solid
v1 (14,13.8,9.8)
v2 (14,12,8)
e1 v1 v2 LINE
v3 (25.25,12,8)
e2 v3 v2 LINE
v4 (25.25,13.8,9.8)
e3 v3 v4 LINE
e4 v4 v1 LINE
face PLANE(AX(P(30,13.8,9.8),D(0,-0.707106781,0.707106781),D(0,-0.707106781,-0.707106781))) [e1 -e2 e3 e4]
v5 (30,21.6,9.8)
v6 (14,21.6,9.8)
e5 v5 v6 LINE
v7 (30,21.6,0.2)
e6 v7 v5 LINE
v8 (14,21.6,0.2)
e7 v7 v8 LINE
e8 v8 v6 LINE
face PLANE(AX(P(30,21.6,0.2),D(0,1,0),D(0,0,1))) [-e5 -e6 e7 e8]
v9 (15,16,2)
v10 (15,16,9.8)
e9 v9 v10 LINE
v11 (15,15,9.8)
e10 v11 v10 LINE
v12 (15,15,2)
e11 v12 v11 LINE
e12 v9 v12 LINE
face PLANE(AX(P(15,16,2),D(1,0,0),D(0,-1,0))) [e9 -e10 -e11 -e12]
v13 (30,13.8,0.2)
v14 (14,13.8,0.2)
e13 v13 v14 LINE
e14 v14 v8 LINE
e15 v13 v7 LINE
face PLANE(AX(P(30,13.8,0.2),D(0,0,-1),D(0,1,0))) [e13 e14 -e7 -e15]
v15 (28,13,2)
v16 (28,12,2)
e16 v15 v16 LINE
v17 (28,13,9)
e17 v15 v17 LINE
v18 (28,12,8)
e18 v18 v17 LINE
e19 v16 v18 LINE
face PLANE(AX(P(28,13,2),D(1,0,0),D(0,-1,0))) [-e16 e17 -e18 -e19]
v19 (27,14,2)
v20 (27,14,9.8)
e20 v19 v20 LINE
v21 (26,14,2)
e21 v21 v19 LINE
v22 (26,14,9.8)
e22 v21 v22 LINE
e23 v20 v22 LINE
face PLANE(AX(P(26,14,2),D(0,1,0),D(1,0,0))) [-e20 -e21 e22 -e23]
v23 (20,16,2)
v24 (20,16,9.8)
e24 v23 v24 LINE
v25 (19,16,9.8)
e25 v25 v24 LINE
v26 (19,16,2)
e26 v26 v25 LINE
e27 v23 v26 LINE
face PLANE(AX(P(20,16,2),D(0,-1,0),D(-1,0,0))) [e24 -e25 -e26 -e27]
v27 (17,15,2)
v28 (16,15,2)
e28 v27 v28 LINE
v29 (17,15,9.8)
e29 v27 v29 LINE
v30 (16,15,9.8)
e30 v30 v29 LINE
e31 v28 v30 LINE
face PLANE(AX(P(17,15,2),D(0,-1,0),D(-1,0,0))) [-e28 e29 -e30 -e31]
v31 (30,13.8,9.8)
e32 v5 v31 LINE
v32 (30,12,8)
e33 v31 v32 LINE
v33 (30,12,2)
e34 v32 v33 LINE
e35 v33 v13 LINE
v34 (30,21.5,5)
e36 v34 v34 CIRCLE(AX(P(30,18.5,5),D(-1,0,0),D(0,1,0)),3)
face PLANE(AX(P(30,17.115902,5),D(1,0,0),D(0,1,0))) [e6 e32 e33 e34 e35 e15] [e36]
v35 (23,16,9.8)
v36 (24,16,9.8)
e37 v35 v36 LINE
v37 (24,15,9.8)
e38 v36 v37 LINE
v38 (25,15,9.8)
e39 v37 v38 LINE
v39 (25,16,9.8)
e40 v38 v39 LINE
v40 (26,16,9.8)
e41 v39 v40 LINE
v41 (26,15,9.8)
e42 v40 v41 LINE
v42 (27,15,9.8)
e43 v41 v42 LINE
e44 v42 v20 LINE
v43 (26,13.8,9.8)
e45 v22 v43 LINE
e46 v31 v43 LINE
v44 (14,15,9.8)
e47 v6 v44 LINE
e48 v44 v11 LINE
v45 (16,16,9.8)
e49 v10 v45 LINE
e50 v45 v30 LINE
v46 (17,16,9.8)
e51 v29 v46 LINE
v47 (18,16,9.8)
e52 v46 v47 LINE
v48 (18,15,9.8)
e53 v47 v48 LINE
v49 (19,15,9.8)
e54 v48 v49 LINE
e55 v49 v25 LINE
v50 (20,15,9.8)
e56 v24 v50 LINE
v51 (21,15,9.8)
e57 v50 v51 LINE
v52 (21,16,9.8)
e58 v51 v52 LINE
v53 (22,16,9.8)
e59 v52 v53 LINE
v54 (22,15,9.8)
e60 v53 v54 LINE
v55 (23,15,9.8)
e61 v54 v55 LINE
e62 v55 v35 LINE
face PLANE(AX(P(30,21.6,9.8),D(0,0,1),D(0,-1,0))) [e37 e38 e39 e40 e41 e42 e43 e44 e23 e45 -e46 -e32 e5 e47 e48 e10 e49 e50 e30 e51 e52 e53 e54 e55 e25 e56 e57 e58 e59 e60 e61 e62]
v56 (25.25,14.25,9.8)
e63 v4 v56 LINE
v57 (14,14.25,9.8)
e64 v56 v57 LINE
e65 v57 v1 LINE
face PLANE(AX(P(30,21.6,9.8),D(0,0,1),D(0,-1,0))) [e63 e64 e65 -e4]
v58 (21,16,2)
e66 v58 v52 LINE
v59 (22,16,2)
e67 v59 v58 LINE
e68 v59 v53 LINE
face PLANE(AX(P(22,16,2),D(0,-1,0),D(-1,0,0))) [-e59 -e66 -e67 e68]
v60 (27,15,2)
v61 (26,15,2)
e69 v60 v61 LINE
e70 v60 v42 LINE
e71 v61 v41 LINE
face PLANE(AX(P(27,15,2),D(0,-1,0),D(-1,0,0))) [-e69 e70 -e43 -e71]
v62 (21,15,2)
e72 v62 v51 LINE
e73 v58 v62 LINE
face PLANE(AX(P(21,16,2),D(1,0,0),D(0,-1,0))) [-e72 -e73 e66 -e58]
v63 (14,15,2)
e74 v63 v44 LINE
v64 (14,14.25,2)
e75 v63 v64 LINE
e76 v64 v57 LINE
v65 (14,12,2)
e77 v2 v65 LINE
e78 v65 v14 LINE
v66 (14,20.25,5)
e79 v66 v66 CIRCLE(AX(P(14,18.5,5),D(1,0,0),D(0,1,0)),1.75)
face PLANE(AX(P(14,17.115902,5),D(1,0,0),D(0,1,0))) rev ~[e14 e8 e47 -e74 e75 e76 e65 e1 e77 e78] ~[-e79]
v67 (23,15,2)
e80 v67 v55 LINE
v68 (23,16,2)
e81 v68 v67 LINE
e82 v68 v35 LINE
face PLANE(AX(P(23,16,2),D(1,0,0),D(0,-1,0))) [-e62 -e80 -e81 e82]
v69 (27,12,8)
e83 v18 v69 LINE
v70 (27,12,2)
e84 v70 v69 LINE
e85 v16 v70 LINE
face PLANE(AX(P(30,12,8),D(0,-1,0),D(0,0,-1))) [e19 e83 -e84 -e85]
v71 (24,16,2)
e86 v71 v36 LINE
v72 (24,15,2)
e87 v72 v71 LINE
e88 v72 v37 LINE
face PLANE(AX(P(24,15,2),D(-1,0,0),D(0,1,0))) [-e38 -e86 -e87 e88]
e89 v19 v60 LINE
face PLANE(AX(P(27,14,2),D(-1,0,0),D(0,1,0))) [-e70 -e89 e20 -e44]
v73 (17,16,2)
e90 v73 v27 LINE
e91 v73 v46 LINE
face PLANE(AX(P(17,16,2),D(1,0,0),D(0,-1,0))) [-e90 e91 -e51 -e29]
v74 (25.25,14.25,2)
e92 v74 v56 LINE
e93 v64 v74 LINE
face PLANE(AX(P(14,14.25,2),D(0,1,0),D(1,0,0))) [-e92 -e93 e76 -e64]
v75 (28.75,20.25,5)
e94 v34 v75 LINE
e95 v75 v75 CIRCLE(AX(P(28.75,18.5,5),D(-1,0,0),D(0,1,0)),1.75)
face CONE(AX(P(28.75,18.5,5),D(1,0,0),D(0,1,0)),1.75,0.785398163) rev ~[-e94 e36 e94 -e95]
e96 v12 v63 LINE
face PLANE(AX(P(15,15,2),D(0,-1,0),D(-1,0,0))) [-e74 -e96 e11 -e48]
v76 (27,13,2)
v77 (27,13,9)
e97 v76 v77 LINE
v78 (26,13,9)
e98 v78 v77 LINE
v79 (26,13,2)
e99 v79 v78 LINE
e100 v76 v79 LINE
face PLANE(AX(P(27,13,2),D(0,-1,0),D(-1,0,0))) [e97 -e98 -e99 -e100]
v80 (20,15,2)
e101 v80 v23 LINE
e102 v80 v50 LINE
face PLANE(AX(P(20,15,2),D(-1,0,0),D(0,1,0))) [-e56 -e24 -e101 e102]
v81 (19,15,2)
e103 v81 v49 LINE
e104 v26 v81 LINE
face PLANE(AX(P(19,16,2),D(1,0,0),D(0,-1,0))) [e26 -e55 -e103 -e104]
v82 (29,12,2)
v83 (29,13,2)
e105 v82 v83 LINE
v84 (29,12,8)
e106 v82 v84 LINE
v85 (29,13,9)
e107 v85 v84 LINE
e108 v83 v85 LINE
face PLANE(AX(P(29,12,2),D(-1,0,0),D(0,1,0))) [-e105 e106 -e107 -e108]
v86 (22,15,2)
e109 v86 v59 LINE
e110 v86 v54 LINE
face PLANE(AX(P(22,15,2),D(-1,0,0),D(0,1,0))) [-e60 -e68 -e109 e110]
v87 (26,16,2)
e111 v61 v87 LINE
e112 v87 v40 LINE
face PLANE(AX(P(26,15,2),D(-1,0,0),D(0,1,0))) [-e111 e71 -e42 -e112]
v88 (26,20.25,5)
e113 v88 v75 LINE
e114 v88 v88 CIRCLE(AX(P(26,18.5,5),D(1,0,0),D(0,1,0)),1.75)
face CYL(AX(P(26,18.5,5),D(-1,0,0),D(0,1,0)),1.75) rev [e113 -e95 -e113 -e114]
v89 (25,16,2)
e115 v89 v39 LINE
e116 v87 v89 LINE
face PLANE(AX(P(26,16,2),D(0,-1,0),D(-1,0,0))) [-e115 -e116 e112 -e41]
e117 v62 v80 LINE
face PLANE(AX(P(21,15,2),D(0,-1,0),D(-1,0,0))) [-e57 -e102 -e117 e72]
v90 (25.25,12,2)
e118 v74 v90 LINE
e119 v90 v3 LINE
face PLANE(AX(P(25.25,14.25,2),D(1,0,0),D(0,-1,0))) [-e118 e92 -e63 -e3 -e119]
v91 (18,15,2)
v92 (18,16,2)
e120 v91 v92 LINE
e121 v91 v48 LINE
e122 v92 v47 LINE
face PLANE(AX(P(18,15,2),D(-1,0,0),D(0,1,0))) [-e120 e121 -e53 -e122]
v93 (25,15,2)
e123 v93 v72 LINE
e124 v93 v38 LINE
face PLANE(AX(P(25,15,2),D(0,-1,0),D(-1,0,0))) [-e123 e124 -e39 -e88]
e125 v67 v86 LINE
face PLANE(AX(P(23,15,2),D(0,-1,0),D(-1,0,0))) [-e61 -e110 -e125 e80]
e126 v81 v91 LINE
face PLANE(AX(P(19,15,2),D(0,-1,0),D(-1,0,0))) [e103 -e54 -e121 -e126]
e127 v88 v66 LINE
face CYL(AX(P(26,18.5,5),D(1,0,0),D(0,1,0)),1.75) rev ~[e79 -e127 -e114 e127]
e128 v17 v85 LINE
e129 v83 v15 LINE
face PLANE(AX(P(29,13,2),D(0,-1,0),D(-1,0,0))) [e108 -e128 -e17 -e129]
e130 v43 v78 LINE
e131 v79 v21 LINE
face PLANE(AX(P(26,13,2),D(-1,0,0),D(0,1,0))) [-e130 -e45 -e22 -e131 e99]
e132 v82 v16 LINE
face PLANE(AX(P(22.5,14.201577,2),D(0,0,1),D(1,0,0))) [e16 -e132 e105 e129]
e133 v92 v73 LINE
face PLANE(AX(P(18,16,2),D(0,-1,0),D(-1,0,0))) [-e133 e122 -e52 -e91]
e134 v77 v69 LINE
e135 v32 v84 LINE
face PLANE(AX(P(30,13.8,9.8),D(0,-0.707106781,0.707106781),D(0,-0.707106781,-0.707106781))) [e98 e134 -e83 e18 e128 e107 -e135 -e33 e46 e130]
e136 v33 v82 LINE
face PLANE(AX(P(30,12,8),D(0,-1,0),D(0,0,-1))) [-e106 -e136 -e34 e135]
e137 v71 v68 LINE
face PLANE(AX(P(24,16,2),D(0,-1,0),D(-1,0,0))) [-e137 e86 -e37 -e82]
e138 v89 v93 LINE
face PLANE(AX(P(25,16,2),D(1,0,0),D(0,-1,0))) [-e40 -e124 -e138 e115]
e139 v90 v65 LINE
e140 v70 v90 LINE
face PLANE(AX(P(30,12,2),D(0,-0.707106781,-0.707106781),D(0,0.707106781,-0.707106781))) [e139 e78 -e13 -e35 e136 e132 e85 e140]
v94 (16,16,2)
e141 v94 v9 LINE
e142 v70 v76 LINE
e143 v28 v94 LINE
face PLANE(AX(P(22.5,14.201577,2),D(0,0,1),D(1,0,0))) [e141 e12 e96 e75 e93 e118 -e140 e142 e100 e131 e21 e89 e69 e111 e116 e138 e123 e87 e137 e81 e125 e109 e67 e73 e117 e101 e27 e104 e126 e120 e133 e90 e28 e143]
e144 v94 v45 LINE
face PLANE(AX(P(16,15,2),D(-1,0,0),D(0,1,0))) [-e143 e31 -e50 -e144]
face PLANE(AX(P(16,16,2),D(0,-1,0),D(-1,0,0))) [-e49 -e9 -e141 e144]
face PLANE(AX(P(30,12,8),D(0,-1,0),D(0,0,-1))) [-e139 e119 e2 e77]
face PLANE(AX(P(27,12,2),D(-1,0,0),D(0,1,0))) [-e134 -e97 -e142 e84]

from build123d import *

# Parameters (mm, degrees)
PAD108_DEPTH         = 16
SKETCH512_R          = 1.75
POCKET335_DEPTH      = 12.001
POCKET335_DEPTH_BACK = 4.001
POCKET336_DEPTH      = 7.801
CHAMFER026_SIZE      = 1.25


with BuildPart() as part:
    # Sketch510 → Pad108 (new body)
    with BuildSketch(Plane.YZ):
        Polygon((0, 3), (0, -3), (1.8, -4.8), (9.6, -4.8), (9.6, 4.8), (1.8, 4.8), align=None)
    extrude(amount=-PAD108_DEPTH)

    # Sketch512 → Pocket335 (cut, two sides)
    with BuildSketch(Plane.YZ.offset(-4)) as pocket335_sk:
        with Locations((6.5, 0)):
            Circle(SKETCH512_R)
    extrude(amount=-POCKET335_DEPTH, mode=Mode.SUBTRACT)
    extrude(pocket335_sk.sketch, amount=POCKET335_DEPTH_BACK, mode=Mode.SUBTRACT)

    # Sketch511 → Pocket336 (cut, through all)
    with BuildSketch(Plane.XY.offset(-3)):
        Polygon((0, 0), (-1, 0), (-1, 1), (-2, 1), (-2, 0), (-3, 0), (-3, 1), (-4, 1), (-4, 2), (-3, 2), (-3, 3), (-4, 3), (-4, 4), (-5, 4), (-5, 3), (-6, 3), (-6, 4), (-7, 4), (-7, 3), (-8, 3), (-8, 4), (-9, 4), (-9, 3), (-10, 3), (-10, 4), (-11, 4), (-11, 3), (-12, 3), (-12, 4), (-13, 4), (-13, 3), (-14, 3), (-14, 4), (-15, 4), (-15, 3), (-16, 3), (-16, 2.25), (-4.75, 2.25), (-4.75, -0.75), (0, -0.75), align=None)
    extrude(amount=POCKET336_DEPTH, mode=Mode.SUBTRACT)

    # Chamfer026
    chamfer026_edges = [part.edges().sort_by_distance(p)[0] for p in [
        (0, 4.75, 0),
    ]]
    chamfer(chamfer026_edges, length=CHAMFER026_SIZE)


with BuildPart() as part_1:
    # Body165 placement: moved
    add(part.part.moved(Location((30, 12, 5))))


solid = part_1.part
